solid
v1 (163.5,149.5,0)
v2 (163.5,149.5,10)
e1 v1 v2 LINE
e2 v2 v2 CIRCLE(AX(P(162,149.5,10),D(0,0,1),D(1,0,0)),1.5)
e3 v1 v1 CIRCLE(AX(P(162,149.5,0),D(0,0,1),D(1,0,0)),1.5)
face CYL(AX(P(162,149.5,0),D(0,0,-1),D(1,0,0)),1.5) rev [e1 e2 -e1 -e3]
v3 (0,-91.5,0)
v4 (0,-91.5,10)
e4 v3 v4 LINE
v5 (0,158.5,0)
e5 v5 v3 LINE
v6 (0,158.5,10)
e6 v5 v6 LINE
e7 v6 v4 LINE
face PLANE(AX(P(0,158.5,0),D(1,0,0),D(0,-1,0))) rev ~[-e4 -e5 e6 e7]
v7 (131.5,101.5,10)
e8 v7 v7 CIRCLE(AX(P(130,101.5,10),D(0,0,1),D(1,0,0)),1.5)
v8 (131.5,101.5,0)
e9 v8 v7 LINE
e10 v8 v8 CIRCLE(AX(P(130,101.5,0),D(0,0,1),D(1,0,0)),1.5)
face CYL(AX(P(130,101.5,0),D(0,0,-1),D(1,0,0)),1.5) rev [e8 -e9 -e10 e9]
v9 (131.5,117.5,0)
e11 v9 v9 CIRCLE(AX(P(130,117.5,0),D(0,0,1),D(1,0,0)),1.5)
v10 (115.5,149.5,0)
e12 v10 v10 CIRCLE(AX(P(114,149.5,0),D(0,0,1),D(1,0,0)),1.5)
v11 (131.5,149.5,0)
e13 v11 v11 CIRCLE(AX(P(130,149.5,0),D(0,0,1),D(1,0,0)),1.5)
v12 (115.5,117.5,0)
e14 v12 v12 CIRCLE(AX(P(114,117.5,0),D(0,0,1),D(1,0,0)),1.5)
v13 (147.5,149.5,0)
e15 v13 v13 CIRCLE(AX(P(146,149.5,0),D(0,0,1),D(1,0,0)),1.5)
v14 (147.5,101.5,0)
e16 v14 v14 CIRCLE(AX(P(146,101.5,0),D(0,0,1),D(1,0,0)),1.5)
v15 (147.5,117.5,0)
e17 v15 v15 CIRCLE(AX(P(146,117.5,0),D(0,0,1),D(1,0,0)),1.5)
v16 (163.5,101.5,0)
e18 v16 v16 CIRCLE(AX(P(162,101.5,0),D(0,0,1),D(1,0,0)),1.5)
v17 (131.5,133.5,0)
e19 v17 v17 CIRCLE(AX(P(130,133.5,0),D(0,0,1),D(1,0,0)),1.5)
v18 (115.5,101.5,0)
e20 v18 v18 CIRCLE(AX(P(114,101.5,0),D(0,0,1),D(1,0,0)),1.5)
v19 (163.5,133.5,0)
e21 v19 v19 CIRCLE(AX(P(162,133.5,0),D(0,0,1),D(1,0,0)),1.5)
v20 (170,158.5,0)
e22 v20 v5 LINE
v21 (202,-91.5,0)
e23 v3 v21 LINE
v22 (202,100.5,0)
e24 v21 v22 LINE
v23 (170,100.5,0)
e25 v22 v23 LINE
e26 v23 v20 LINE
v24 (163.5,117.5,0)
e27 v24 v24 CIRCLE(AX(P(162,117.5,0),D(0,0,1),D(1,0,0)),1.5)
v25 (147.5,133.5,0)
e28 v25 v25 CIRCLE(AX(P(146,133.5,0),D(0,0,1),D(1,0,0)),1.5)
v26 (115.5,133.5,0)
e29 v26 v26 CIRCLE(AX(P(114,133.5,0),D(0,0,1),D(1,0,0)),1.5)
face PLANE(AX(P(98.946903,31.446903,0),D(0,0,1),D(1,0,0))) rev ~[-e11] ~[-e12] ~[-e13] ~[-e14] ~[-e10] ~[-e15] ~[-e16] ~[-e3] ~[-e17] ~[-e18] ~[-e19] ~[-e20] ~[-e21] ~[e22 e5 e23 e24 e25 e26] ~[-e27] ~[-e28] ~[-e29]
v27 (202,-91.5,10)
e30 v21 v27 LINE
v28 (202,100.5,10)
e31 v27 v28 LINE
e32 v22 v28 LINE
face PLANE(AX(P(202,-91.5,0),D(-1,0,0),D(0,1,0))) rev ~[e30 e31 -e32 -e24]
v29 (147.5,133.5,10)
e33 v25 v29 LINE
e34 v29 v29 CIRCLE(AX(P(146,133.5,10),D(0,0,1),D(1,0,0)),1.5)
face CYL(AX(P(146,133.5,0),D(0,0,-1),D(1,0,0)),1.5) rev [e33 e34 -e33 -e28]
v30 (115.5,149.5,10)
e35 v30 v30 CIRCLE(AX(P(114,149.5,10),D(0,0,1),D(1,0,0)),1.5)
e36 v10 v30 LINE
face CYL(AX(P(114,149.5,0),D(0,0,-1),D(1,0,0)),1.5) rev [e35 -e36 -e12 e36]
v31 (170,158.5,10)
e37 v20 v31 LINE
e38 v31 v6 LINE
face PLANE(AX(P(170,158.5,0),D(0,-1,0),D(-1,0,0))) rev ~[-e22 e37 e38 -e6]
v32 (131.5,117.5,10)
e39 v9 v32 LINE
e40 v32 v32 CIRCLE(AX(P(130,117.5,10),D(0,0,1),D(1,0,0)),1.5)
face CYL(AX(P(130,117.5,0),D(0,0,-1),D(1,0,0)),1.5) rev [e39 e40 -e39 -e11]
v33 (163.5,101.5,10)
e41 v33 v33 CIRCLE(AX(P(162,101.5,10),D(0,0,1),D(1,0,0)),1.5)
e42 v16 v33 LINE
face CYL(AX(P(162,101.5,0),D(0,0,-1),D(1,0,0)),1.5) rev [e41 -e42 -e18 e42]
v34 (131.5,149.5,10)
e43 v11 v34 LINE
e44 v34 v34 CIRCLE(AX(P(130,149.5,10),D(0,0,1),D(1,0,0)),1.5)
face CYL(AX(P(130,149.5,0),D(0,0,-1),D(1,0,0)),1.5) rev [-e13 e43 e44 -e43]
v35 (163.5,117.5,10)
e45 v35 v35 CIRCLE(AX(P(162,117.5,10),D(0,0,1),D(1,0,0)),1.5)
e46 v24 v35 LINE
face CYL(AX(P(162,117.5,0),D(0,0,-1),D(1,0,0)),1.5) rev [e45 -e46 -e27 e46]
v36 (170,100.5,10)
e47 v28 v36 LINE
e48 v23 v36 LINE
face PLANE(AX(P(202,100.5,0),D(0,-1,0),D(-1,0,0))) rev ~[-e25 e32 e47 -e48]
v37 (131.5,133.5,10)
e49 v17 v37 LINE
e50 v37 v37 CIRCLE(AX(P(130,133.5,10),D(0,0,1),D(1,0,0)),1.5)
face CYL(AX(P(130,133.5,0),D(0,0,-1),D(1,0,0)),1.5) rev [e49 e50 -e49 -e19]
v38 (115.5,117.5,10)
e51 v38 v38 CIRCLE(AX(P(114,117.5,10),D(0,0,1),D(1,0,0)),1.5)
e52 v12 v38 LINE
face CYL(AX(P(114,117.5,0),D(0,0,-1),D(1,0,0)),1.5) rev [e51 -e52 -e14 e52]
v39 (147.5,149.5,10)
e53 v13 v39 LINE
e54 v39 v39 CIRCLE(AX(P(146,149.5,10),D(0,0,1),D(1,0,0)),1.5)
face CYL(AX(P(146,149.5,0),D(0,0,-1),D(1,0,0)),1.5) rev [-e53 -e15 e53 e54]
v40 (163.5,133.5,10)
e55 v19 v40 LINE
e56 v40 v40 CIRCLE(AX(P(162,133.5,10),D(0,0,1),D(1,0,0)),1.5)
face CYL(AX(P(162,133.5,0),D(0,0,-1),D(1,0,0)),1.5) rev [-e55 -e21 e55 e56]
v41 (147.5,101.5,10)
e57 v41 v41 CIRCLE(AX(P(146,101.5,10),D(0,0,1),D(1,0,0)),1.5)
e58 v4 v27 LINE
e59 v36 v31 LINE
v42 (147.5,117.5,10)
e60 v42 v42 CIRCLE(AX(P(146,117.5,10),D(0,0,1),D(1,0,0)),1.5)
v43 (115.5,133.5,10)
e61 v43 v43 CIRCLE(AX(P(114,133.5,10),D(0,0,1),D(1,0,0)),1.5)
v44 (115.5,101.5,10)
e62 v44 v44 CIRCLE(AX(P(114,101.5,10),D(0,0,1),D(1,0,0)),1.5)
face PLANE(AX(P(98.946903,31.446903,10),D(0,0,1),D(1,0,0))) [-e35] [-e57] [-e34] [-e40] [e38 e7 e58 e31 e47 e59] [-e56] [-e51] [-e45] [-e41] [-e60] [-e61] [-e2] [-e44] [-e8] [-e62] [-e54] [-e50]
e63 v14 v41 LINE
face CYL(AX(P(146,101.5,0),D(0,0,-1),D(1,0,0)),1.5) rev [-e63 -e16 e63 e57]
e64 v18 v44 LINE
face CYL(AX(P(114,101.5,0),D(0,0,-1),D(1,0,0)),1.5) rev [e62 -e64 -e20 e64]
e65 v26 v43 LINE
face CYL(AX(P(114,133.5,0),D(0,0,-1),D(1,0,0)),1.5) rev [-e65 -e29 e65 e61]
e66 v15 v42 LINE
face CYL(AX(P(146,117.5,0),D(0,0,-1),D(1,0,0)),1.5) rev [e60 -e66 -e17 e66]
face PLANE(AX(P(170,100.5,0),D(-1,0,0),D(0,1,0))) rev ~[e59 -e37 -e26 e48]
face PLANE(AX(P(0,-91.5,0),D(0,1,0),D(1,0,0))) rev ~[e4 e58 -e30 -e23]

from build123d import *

# Parameters (mm, degrees)
F0_R     = 1.5
F1_DEPTH = 10


with BuildPart() as f1:
    # F0 (on Top) → F1 (new body)
    with BuildSketch(Plane.XY):
        Polygon((170, 158.5), (0, 158.5), (0, -91.5), (202, -91.5), (202, 100.5), (170, 100.5), align=None)
        with Locations((114, 101.5)):
            Circle(F0_R, mode=Mode.SUBTRACT)
        with Locations((114, 117.5)):
            Circle(F0_R, mode=Mode.SUBTRACT)
        with Locations((130, 101.5)):
            Circle(F0_R, mode=Mode.SUBTRACT)
        with Locations((146, 101.5)):
            Circle(F0_R, mode=Mode.SUBTRACT)
        with Locations((130, 117.5)):
            Circle(F0_R, mode=Mode.SUBTRACT)
        with Locations((146, 117.5)):
            Circle(F0_R, mode=Mode.SUBTRACT)
        with Locations((114, 133.5)):
            Circle(F0_R, mode=Mode.SUBTRACT)
        with Locations((114, 149.5)):
            Circle(F0_R, mode=Mode.SUBTRACT)
        with Locations((130, 133.5)):
            Circle(F0_R, mode=Mode.SUBTRACT)
        with Locations((146, 133.5)):
            Circle(F0_R, mode=Mode.SUBTRACT)
        with Locations((130, 149.5)):
            Circle(F0_R, mode=Mode.SUBTRACT)
        with Locations((146, 149.5)):
            Circle(F0_R, mode=Mode.SUBTRACT)
        with Locations((162, 101.5)):
            Circle(F0_R, mode=Mode.SUBTRACT)
        with Locations((162, 117.5)):
            Circle(F0_R, mode=Mode.SUBTRACT)
        with Locations((162, 133.5)):
            Circle(F0_R, mode=Mode.SUBTRACT)
        with Locations((162, 149.5)):
            Circle(F0_R, mode=Mode.SUBTRACT)
    extrude(amount=F1_DEPTH)


solid = f1.part
